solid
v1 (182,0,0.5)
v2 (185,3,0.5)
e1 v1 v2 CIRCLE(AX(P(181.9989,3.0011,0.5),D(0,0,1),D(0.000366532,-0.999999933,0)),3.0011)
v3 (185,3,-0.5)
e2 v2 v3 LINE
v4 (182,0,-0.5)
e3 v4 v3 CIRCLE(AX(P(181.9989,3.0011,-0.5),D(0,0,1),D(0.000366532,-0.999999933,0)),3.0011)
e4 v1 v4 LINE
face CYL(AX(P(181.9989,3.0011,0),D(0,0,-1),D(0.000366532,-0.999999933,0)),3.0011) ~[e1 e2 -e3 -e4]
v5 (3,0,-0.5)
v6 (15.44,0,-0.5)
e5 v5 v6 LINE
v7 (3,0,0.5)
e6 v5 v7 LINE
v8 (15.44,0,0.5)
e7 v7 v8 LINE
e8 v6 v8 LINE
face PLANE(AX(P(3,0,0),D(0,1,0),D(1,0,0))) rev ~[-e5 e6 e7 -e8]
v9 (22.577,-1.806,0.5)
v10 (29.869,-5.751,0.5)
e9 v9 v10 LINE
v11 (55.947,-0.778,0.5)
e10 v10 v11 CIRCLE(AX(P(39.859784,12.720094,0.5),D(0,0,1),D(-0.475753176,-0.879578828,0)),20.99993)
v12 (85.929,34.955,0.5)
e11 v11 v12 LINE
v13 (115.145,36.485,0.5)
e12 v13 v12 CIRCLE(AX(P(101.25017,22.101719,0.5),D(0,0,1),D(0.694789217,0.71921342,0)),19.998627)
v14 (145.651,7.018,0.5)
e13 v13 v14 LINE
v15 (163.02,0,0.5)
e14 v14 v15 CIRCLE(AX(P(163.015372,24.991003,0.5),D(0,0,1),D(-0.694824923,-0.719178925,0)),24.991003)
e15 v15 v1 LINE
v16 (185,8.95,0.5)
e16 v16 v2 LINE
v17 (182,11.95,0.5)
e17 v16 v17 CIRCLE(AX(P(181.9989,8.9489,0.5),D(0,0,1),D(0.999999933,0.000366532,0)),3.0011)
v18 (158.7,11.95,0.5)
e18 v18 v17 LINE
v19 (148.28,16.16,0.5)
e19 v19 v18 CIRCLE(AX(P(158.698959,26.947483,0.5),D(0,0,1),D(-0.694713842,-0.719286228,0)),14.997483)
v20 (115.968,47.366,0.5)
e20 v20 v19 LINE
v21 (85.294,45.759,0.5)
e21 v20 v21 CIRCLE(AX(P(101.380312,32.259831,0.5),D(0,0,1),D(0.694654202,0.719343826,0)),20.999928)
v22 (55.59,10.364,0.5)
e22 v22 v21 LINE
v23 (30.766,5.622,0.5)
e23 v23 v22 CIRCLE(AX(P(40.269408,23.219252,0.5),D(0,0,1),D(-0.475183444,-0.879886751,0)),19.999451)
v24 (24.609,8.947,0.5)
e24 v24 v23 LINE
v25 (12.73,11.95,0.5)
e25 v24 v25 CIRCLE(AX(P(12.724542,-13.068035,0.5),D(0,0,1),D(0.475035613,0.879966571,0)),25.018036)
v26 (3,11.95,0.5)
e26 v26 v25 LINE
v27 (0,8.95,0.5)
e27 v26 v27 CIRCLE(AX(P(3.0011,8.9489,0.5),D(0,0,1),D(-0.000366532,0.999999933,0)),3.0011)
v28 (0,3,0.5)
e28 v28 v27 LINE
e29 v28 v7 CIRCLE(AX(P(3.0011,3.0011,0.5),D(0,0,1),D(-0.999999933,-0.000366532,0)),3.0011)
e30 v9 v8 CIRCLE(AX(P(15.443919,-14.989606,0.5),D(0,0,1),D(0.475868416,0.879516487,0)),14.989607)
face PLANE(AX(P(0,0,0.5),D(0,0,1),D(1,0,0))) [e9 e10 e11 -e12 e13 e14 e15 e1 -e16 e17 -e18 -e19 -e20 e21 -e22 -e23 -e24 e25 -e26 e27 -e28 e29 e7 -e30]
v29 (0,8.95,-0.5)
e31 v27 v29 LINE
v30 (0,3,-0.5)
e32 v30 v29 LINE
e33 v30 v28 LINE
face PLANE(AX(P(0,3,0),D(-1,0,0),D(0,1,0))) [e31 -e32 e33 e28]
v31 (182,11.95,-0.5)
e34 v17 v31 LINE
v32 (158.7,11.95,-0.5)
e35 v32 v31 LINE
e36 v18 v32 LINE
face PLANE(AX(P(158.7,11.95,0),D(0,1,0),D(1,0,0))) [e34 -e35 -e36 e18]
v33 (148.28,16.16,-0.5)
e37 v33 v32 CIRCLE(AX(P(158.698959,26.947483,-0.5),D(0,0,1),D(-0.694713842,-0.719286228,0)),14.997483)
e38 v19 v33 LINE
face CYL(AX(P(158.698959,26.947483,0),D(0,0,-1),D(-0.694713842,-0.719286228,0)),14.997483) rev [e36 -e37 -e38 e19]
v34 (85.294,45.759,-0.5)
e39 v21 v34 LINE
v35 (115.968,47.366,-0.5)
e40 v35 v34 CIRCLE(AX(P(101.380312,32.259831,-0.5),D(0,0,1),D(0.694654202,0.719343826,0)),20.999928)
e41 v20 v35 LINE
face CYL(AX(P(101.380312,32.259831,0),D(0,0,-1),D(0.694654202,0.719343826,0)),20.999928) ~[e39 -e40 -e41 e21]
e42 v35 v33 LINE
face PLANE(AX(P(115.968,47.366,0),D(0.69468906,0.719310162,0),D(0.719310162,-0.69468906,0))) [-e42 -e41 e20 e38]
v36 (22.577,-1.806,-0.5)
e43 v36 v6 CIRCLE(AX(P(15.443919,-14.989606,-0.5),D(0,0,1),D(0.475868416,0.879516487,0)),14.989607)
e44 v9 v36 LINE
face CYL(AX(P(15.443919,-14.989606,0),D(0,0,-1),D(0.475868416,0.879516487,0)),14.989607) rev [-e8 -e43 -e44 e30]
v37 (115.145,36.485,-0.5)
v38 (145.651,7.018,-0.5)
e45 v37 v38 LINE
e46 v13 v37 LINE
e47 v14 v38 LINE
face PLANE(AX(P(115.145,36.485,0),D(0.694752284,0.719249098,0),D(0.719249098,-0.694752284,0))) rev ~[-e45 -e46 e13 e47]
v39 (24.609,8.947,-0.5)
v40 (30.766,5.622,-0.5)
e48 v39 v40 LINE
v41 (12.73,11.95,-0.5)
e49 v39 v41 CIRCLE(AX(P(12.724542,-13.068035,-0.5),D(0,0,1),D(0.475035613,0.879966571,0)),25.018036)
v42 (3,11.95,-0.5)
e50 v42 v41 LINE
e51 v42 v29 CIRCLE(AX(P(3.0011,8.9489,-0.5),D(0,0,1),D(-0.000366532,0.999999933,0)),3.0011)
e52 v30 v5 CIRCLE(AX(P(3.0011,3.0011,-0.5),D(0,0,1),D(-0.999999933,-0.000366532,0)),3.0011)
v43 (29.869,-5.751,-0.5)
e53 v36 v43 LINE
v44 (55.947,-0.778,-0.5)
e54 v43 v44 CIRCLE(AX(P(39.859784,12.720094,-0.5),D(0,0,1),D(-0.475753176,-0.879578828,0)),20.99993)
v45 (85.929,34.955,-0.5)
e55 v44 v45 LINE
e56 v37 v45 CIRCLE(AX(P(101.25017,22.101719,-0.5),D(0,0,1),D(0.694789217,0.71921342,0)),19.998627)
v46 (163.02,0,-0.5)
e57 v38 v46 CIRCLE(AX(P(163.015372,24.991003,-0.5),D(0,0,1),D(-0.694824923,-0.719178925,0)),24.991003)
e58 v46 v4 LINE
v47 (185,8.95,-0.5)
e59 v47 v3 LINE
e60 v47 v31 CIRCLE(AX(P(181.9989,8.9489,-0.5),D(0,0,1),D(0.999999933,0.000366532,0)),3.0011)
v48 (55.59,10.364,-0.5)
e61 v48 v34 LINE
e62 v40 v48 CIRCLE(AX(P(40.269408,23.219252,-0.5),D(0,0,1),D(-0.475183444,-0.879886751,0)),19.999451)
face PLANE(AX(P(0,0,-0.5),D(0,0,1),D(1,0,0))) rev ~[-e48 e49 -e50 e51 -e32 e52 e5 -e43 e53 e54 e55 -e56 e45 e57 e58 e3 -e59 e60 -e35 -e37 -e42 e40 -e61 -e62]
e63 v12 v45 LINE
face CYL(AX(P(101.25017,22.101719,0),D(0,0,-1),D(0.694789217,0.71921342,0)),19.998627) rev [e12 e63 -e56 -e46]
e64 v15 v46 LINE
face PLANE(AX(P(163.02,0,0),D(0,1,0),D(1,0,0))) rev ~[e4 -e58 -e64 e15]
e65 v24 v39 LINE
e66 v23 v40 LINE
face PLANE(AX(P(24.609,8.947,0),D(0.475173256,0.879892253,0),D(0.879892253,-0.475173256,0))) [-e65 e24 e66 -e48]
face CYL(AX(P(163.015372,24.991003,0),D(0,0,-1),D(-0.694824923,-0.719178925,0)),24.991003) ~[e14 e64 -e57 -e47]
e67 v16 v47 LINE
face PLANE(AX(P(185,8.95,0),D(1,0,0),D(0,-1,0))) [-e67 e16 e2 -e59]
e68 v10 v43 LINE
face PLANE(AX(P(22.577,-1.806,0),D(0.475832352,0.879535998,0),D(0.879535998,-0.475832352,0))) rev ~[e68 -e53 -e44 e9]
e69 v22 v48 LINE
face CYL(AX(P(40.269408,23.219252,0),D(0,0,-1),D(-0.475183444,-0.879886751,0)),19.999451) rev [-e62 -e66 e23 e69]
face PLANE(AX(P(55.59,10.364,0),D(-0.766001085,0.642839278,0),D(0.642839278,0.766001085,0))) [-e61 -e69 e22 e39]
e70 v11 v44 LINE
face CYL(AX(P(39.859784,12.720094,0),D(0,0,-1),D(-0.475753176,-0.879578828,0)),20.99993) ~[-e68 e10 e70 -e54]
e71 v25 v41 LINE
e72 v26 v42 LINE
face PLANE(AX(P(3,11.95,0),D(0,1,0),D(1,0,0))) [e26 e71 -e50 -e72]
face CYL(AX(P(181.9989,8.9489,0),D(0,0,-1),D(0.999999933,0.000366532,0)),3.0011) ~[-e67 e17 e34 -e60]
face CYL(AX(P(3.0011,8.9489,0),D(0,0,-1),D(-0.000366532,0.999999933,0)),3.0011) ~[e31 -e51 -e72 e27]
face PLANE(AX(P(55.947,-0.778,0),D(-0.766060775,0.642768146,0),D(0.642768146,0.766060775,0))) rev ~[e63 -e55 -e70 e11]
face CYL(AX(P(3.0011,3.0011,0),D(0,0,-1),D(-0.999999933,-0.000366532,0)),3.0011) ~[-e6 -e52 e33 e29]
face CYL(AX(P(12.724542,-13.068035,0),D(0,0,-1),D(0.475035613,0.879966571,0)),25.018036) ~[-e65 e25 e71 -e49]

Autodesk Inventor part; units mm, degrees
ref_plane "YZ Plane" through (0, 0, 0) normal (1, 0, 0) x (0, 1, 0)
ref_plane "XZ Plane" through (0, 0, 0) normal (0, 1, 0) x (-1, 0, 0)
ref_plane "XY Plane" through (0, 0, 0) normal (0, 0, 1) x (1, 0, 0)
sketch "Sketch1" plane through (0, 0, 0) normal (0, 0, 1) x (1, 0, 0)
  arc A0 (0, 3) -> (3, 0) centre (3.0011, 3.0011) ccw
  line L0 (3, 0) -> (15.44, 0)
  arc A1 (22.577, -1.806) -> (15.44, 0) centre (15.444, -14.9894) ccw
  line L1 (22.577, -1.806) -> (29.869, -5.751)
  arc A2 (29.869, -5.751) -> (55.947, -0.778) centre (39.8598, 12.7202) ccw
  line L2 (55.947, -0.778) -> (85.929, 34.955)
  arc A3 (115.145, 36.485) -> (85.929, 34.955) centre (101.2502, 22.1018) ccw
  line L3 (115.145, 36.485) -> (145.651, 7.018)
  arc A4 (145.651, 7.018) -> (163.02, 0) centre (163.0155, 24.9912) ccw
  line L4 (163.02, 0) -> (182, 0)
  arc A5 (182, 0) -> (185, 3) centre (181.9989, 3.0011) ccw
  line L5 (0, 3) -> (0, 8.95)
  arc A6 (3, 11.95) -> (0, 8.95) centre (3.0011, 8.9489) ccw
  line L6 (3, 11.95) -> (12.73, 11.95)
  arc A7 (24.609, 8.947) -> (12.73, 11.95) centre (12.7244, -13.0684) ccw
  line L7 (24.609, 8.947) -> (30.766, 5.622)
  arc A8 (30.766, 5.622) -> (55.59, 10.364) centre (40.2694, 23.2192) ccw
  line L8 (55.59, 10.364) -> (85.294, 45.759)
  arc A9 (115.968, 47.366) -> (85.294, 45.759) centre (101.3803, 32.2598) ccw
  line L9 (115.968, 47.366) -> (148.28, 16.16)
  arc A10 (148.28, 16.16) -> (158.7, 11.95) centre (158.6991, 26.9477) ccw
  line L10 (158.7, 11.95) -> (182, 11.95)
  arc A11 (185, 8.95) -> (182, 11.95) centre (181.9989, 8.9489) ccw
  line L11 (185, 8.95) -> (185, 3)
extrude "Extrusion1" add sketch "Sketch1" along normal mid plane 1
properties part number "upper_offset"
